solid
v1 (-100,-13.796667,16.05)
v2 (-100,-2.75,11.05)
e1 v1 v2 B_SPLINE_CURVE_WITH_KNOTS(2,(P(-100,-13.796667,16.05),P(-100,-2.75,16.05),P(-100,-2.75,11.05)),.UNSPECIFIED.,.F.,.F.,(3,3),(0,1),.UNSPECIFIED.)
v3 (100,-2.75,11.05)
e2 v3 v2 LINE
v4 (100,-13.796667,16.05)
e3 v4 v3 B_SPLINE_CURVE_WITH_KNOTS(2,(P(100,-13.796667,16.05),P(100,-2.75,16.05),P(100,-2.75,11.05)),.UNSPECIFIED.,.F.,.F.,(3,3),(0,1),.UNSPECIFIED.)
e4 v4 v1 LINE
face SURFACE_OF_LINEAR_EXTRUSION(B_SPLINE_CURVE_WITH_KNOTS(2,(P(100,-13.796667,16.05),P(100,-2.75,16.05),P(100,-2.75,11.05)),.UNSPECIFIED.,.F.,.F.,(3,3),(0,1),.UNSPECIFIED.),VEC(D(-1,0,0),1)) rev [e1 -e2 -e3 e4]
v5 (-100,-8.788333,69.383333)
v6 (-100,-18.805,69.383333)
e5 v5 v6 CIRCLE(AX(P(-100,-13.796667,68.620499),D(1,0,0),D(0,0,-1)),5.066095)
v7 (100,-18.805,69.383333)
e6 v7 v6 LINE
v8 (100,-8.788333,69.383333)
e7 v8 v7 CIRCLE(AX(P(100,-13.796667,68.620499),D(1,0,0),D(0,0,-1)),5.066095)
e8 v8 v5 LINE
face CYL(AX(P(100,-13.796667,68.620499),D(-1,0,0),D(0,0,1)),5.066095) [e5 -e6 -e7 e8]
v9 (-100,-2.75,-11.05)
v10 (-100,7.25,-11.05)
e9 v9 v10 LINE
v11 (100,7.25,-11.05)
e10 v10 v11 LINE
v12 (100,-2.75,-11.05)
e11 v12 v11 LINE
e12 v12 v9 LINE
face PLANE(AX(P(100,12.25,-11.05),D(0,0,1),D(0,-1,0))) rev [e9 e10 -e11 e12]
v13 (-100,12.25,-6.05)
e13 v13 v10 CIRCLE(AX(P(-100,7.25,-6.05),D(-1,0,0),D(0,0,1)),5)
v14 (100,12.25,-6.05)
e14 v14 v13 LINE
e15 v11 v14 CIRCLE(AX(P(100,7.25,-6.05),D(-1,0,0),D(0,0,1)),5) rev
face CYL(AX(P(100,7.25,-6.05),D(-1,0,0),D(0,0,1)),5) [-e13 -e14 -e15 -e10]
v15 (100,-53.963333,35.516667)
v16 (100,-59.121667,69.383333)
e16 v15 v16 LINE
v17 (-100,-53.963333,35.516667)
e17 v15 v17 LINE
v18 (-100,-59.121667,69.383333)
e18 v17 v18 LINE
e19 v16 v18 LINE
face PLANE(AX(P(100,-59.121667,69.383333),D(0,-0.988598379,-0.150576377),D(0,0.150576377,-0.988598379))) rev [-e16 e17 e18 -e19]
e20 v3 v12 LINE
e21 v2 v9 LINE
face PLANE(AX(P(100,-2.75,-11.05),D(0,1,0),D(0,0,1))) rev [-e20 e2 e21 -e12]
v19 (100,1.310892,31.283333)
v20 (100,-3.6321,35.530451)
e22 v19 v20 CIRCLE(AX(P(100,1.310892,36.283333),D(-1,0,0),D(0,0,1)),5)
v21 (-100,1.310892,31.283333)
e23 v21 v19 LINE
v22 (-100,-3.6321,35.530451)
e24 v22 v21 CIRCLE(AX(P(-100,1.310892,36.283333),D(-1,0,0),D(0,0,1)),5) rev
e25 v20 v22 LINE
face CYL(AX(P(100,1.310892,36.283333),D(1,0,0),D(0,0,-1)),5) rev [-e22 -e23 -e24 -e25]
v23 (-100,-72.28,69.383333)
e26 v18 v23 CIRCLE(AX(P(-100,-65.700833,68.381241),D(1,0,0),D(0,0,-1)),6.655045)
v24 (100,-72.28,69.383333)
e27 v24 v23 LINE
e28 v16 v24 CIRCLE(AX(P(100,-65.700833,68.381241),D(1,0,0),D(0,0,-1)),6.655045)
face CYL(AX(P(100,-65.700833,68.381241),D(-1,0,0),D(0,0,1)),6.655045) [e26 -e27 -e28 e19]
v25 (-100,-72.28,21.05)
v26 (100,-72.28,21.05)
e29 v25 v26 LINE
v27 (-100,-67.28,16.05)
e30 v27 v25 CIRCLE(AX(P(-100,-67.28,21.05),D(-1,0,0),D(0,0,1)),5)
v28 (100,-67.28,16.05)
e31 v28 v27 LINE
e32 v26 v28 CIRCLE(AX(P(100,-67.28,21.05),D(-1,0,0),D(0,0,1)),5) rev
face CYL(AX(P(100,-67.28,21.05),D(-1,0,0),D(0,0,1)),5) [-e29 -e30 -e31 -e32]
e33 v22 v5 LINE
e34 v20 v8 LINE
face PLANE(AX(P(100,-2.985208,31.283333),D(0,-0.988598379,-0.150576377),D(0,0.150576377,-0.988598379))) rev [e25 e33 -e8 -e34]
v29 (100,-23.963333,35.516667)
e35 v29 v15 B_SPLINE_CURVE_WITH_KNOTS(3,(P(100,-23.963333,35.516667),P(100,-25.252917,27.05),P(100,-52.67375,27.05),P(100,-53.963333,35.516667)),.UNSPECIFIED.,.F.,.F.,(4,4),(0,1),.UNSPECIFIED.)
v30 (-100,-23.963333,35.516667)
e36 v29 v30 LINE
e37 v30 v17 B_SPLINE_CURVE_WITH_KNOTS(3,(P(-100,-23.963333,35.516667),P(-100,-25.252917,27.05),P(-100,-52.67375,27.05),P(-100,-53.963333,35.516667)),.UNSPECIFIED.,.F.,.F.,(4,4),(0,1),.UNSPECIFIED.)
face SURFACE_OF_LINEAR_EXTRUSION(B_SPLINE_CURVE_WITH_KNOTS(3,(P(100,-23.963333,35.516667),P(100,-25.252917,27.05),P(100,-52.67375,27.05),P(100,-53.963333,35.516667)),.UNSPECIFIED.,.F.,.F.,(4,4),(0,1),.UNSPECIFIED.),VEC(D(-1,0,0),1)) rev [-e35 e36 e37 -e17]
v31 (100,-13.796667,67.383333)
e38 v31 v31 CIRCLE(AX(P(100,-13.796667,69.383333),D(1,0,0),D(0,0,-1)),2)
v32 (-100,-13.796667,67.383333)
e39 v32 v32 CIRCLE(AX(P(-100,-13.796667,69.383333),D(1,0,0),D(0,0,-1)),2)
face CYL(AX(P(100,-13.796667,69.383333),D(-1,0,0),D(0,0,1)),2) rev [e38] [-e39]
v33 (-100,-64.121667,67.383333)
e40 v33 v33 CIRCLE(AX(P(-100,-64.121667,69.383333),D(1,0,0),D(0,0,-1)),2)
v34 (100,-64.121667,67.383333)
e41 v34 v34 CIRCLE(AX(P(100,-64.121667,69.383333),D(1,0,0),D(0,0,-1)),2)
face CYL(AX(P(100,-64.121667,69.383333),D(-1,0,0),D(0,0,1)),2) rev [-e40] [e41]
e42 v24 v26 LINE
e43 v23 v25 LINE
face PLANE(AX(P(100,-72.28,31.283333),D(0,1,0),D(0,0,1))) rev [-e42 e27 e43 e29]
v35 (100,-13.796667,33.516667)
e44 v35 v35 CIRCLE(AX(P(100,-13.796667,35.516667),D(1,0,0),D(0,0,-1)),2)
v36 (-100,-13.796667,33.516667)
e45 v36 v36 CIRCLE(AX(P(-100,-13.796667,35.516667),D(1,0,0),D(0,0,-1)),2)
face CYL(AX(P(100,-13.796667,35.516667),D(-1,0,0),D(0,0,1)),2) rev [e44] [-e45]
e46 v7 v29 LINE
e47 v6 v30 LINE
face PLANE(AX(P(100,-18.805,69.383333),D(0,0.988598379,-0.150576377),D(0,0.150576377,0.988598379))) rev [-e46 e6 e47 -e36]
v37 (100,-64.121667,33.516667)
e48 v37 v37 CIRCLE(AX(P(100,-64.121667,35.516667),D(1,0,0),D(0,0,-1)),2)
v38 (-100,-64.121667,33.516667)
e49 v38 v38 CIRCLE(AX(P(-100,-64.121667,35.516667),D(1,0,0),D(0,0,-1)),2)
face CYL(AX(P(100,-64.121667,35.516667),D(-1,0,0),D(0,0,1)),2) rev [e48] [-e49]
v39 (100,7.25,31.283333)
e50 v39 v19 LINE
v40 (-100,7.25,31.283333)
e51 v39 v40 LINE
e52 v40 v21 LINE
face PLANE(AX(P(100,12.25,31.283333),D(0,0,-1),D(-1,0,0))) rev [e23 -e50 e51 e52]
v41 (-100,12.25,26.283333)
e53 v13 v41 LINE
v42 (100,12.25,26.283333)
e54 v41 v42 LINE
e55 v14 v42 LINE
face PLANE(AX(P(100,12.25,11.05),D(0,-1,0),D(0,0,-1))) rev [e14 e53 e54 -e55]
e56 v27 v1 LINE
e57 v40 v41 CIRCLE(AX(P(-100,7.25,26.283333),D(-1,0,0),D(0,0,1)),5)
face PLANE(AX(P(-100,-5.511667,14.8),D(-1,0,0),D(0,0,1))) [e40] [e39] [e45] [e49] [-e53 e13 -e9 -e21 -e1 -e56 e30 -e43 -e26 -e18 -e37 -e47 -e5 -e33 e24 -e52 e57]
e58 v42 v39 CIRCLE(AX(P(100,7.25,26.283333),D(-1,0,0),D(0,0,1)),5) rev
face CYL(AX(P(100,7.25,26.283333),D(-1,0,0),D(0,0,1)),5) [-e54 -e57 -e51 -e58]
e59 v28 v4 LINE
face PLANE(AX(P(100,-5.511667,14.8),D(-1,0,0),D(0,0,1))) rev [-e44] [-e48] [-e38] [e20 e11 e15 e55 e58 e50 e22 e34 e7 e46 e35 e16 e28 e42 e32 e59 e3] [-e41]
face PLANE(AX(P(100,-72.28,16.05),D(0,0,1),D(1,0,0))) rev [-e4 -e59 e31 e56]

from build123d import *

# Parameters (mm, degrees)
SKETCH2_R           = 2
BOSS_EXTRUDE1_DEPTH = 100
FILLET1_R           = 5


with BuildPart() as part:
    # Sketch2 → Boss-Extrude1 (new body, symmetric)
    with BuildSketch(Plane(origin=(0, 0, 0), x_dir=(0, 0, -1), z_dir=(1, 0, 0))):
        with BuildLine():
            Line((11.05, 12.25), (-11.05, 12.25))
            Line((-11.05, 12.25), (-31.283333333, 12.25))
            Line((-31.283333333, 12.25), (-31.283333333, -2.985208333))
            Line((-31.283333333, -2.985208333), (-69.383333333, -8.788333333))
            ThreePointArc((-69.383333333, -8.788333333), (-73.686594127, -13.796666667), (-69.383333333, -18.805))
            Line((-69.383333333, -18.805), (-35.516666667, -23.963333333))
            add(Edge.make_bspline(
                [(-35.516666667, -23.963333333), (-27.05, -25.252916667), (-27.05, -52.67375), (-35.516666667, -53.963333333)],
                knots=[0, 0, 0, 0, 1, 1, 1, 1], degree=3))
            Line((-35.516666667, -53.963333333), (-69.383333333, -59.121666667))
            ThreePointArc((-69.383333333, -59.121666667), (-75.036285741, -65.700833333), (-69.383333333, -72.28))
            Line((-69.383333333, -72.28), (-31.283333333, -72.28))
            Line((-31.283333333, -72.28), (-16.05, -72.28))
            Line((-16.05, -72.28), (-16.05, -13.796666667))
            add(Edge.make_bspline(
                [(-11.05, -2.75), (-16.05, -2.75), (-16.05, -13.796666667)],
                knots=[0, 0, 0, 1, 1, 1], degree=2))
            Line((-11.05, -2.75), (11.05, -2.75))
            Line((11.05, -2.75), (11.05, 12.25))
        make_face()
        with Locations((-35.516666667, -13.796666667)):
            Circle(SKETCH2_R, mode=Mode.SUBTRACT)
        with Locations((-69.383333333, -13.796666667)):
            Circle(SKETCH2_R, mode=Mode.SUBTRACT)
        with Locations((-35.516666667, -64.121666667)):
            Circle(SKETCH2_R, mode=Mode.SUBTRACT)
        with Locations((-69.383333333, -64.121666667)):
            Circle(SKETCH2_R, mode=Mode.SUBTRACT)
    extrude(amount=BOSS_EXTRUDE1_DEPTH, both=True)

    # Fillet1
    fillet1_edges = [part.edges().sort_by_distance(p)[0] for p in [
        (0, -72.28, 16.05),
        (0, -2.985208333, 31.283333333),
        (0, 12.25, 31.283333333),
        (0, 12.25, -11.05),
    ]]
    fillet(fillet1_edges, radius=FILLET1_R)


solid = part.part
